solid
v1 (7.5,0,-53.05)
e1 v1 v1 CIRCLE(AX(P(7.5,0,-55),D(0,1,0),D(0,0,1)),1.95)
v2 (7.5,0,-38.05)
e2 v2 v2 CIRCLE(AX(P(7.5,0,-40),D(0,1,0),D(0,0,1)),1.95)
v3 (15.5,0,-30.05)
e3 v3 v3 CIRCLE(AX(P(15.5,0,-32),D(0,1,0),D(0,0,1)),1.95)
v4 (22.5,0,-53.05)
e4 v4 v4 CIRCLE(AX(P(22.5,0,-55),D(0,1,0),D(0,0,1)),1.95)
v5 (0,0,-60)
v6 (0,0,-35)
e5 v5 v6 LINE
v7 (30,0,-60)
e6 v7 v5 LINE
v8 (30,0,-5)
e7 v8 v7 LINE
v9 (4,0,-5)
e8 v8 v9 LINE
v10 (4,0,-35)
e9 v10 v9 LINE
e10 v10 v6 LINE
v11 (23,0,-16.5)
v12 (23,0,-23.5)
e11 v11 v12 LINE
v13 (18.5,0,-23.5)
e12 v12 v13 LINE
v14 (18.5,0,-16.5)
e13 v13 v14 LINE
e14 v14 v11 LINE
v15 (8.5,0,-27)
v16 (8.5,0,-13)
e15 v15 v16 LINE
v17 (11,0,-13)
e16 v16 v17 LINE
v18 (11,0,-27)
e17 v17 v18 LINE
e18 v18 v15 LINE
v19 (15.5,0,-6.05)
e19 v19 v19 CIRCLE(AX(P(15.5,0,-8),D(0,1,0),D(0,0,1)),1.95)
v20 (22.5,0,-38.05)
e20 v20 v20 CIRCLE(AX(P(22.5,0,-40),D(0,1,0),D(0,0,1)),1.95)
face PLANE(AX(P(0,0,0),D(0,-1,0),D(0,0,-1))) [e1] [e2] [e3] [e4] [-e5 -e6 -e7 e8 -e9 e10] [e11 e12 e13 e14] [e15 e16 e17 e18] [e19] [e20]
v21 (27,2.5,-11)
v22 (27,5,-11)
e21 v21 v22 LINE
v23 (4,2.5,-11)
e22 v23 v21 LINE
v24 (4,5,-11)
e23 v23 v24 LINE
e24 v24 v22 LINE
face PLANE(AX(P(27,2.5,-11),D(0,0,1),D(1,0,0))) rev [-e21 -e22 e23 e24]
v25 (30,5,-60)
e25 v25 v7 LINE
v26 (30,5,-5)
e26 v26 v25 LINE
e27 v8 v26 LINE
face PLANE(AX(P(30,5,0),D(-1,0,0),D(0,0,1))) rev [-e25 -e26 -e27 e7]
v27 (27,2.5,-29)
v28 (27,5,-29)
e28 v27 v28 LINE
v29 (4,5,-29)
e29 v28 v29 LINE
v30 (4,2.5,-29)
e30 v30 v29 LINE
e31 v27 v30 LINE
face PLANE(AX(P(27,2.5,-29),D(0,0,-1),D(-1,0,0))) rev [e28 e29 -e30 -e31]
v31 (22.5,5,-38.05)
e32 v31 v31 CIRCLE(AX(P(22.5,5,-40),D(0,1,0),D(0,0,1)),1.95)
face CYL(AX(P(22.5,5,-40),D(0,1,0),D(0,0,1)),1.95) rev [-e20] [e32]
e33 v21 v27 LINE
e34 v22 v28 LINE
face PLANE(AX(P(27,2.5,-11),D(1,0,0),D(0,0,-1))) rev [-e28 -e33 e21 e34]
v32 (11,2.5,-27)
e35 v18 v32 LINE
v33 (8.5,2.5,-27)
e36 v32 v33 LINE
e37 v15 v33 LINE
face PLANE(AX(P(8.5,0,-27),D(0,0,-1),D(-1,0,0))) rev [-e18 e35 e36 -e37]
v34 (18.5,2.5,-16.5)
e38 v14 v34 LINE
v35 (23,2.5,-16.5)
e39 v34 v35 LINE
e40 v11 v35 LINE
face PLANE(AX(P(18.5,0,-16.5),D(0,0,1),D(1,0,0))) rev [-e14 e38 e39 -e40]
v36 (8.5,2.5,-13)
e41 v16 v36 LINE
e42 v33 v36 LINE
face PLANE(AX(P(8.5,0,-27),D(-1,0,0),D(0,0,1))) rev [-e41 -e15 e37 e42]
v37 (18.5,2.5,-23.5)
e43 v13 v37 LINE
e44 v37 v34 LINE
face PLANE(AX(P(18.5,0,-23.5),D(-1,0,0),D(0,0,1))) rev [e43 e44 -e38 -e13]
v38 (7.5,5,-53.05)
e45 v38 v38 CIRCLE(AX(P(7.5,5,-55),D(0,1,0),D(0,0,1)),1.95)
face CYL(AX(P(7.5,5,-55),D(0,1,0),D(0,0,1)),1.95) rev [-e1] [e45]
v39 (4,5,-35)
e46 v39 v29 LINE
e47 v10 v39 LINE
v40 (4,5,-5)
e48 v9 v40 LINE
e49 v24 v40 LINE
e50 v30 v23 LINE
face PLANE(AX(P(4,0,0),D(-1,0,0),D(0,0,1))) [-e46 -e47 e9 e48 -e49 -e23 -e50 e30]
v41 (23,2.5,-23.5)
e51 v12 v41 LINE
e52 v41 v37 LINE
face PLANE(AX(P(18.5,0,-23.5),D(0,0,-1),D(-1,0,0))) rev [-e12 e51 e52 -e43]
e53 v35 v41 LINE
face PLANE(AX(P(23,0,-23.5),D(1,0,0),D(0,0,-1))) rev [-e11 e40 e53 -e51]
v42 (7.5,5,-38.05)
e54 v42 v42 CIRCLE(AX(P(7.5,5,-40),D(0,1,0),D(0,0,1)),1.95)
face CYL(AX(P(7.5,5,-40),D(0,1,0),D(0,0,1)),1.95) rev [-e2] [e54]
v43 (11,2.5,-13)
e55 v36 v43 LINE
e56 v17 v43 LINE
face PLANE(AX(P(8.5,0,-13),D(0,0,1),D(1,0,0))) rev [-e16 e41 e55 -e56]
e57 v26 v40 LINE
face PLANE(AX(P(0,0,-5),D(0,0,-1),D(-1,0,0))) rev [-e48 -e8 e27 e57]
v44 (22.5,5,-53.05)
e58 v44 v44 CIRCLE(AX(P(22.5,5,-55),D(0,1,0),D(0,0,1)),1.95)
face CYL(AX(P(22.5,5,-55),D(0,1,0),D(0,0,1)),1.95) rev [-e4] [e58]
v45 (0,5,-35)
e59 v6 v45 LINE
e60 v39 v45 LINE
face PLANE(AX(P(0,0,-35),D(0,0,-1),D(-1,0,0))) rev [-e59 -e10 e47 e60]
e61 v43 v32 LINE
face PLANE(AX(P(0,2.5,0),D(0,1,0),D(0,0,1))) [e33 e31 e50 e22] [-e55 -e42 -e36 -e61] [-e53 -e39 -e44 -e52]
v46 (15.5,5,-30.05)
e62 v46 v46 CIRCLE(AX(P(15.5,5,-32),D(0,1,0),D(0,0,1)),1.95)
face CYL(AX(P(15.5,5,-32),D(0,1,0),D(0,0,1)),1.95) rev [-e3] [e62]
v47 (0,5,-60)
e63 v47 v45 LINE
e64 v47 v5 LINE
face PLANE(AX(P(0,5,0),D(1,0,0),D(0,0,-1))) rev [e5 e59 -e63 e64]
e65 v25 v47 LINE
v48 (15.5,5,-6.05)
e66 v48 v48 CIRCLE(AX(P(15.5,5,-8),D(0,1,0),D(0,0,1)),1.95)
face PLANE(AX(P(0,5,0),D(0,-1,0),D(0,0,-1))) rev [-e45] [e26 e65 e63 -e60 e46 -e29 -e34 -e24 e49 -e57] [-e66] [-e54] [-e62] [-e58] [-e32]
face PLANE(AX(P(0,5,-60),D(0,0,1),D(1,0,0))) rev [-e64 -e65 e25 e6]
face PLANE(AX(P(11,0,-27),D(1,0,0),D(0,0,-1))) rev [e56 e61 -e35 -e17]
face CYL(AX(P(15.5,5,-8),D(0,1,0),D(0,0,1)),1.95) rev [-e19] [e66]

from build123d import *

# Parameters (mm, degrees)
ESQUISSE1_W             = 30
ESQUISSE1_H             = 60
BOSS_EXTRU_1_DEPTH      = 5
D_GAGEMENT_M3_51_D      = 3.9
ESQUISSE19_W            = 26
ESQUISSE19_H            = 5
ENL_V_MAT_EXTRU_5_DEPTH = 6
D_GAGEMENT_M3_53_D      = 3.9
D_GAGEMENT_M3_53_DEPTH  = 5
D_GAGEMENT_M3_53_TIP    = 1.171678207
ESQUISSE22_W            = 23
ESQUISSE22_H            = 18
ENL_V_MAT_EXTRU_6_DEPTH = 2.5
ESQUISSE23_W            = 2.5
ESQUISSE23_H            = 14
ESQUISSE23_W_2          = 4.5
ESQUISSE23_H_2          = 7
ENL_V_MAT_EXTRU_7_DEPTH = 3.5


with BuildPart() as part:
    # Esquisse1 → Boss.-Extru.1 (new body)
    with BuildSketch(Plane(origin=(0, 0, 0), x_dir=(1, 0, 0), z_dir=(0, 1, 0))):
        with Locations((15, 30)):
            Rectangle(ESQUISSE1_W, ESQUISSE1_H)
    extrude(amount=BOSS_EXTRU_1_DEPTH)

    # Dégagement M3.51 (through all)
    with Locations(Plane(origin=(0, 5, 0), x_dir=(1, 0, 0), z_dir=(0, 1, 0))):
        with Locations((7.5, 40), (22.5, 40), (22.5, 55), (7.5, 55)):
            Hole(D_GAGEMENT_M3_51_D / 2)

    # Esquisse19 → Enlèv. mat.-Extru.5 (cut, through all)
    with BuildSketch(Plane(origin=(0, 5, 0), x_dir=(1, 0, 0), z_dir=(0, 1, 0))):
        Polygon((4, 5), (4, 35), (0, 35), (0, 0), (4, 0), align=None)
        with Locations((17, 2.5)):
            Rectangle(ESQUISSE19_W, ESQUISSE19_H)
    extrude(amount=-ENL_V_MAT_EXTRU_5_DEPTH, mode=Mode.SUBTRACT)

    # Dégagement M3.53
    with Locations(Plane(origin=(0, 5, 0), x_dir=(1, 0, 0), z_dir=(0, 1, 0))):
        with Locations((15.5, 32), (15.5, 8)):
            Hole(D_GAGEMENT_M3_53_D / 2, depth=D_GAGEMENT_M3_53_DEPTH)
            with Locations((0, 0, -(D_GAGEMENT_M3_53_DEPTH + D_GAGEMENT_M3_53_TIP / 2))):  # 118° drill point
                Cone(0, D_GAGEMENT_M3_53_D / 2, D_GAGEMENT_M3_53_TIP, mode=Mode.SUBTRACT)

    # Esquisse22 → Enlèv. mat.-Extru.6 (cut)
    with BuildSketch(Plane(origin=(0, 5, 0), x_dir=(1, 0, 0), z_dir=(0, 1, 0))):
        with Locations((15.5, 20)):
            Rectangle(ESQUISSE22_W, ESQUISSE22_H)
    extrude(amount=-ENL_V_MAT_EXTRU_6_DEPTH, mode=Mode.SUBTRACT)

    # Esquisse23 → Enlèv. mat.-Extru.7 (cut, through all)
    with BuildSketch(Plane(origin=(0, 2.5, 0), x_dir=(1, 0, 0), z_dir=(0, 1, 0))):
        with Locations((9.75, 20)):
            Rectangle(ESQUISSE23_W, ESQUISSE23_H)
        with Locations((20.75, 20)):
            Rectangle(ESQUISSE23_W_2, ESQUISSE23_H_2)
    extrude(amount=-ENL_V_MAT_EXTRU_7_DEPTH, mode=Mode.SUBTRACT)


solid = part.part
